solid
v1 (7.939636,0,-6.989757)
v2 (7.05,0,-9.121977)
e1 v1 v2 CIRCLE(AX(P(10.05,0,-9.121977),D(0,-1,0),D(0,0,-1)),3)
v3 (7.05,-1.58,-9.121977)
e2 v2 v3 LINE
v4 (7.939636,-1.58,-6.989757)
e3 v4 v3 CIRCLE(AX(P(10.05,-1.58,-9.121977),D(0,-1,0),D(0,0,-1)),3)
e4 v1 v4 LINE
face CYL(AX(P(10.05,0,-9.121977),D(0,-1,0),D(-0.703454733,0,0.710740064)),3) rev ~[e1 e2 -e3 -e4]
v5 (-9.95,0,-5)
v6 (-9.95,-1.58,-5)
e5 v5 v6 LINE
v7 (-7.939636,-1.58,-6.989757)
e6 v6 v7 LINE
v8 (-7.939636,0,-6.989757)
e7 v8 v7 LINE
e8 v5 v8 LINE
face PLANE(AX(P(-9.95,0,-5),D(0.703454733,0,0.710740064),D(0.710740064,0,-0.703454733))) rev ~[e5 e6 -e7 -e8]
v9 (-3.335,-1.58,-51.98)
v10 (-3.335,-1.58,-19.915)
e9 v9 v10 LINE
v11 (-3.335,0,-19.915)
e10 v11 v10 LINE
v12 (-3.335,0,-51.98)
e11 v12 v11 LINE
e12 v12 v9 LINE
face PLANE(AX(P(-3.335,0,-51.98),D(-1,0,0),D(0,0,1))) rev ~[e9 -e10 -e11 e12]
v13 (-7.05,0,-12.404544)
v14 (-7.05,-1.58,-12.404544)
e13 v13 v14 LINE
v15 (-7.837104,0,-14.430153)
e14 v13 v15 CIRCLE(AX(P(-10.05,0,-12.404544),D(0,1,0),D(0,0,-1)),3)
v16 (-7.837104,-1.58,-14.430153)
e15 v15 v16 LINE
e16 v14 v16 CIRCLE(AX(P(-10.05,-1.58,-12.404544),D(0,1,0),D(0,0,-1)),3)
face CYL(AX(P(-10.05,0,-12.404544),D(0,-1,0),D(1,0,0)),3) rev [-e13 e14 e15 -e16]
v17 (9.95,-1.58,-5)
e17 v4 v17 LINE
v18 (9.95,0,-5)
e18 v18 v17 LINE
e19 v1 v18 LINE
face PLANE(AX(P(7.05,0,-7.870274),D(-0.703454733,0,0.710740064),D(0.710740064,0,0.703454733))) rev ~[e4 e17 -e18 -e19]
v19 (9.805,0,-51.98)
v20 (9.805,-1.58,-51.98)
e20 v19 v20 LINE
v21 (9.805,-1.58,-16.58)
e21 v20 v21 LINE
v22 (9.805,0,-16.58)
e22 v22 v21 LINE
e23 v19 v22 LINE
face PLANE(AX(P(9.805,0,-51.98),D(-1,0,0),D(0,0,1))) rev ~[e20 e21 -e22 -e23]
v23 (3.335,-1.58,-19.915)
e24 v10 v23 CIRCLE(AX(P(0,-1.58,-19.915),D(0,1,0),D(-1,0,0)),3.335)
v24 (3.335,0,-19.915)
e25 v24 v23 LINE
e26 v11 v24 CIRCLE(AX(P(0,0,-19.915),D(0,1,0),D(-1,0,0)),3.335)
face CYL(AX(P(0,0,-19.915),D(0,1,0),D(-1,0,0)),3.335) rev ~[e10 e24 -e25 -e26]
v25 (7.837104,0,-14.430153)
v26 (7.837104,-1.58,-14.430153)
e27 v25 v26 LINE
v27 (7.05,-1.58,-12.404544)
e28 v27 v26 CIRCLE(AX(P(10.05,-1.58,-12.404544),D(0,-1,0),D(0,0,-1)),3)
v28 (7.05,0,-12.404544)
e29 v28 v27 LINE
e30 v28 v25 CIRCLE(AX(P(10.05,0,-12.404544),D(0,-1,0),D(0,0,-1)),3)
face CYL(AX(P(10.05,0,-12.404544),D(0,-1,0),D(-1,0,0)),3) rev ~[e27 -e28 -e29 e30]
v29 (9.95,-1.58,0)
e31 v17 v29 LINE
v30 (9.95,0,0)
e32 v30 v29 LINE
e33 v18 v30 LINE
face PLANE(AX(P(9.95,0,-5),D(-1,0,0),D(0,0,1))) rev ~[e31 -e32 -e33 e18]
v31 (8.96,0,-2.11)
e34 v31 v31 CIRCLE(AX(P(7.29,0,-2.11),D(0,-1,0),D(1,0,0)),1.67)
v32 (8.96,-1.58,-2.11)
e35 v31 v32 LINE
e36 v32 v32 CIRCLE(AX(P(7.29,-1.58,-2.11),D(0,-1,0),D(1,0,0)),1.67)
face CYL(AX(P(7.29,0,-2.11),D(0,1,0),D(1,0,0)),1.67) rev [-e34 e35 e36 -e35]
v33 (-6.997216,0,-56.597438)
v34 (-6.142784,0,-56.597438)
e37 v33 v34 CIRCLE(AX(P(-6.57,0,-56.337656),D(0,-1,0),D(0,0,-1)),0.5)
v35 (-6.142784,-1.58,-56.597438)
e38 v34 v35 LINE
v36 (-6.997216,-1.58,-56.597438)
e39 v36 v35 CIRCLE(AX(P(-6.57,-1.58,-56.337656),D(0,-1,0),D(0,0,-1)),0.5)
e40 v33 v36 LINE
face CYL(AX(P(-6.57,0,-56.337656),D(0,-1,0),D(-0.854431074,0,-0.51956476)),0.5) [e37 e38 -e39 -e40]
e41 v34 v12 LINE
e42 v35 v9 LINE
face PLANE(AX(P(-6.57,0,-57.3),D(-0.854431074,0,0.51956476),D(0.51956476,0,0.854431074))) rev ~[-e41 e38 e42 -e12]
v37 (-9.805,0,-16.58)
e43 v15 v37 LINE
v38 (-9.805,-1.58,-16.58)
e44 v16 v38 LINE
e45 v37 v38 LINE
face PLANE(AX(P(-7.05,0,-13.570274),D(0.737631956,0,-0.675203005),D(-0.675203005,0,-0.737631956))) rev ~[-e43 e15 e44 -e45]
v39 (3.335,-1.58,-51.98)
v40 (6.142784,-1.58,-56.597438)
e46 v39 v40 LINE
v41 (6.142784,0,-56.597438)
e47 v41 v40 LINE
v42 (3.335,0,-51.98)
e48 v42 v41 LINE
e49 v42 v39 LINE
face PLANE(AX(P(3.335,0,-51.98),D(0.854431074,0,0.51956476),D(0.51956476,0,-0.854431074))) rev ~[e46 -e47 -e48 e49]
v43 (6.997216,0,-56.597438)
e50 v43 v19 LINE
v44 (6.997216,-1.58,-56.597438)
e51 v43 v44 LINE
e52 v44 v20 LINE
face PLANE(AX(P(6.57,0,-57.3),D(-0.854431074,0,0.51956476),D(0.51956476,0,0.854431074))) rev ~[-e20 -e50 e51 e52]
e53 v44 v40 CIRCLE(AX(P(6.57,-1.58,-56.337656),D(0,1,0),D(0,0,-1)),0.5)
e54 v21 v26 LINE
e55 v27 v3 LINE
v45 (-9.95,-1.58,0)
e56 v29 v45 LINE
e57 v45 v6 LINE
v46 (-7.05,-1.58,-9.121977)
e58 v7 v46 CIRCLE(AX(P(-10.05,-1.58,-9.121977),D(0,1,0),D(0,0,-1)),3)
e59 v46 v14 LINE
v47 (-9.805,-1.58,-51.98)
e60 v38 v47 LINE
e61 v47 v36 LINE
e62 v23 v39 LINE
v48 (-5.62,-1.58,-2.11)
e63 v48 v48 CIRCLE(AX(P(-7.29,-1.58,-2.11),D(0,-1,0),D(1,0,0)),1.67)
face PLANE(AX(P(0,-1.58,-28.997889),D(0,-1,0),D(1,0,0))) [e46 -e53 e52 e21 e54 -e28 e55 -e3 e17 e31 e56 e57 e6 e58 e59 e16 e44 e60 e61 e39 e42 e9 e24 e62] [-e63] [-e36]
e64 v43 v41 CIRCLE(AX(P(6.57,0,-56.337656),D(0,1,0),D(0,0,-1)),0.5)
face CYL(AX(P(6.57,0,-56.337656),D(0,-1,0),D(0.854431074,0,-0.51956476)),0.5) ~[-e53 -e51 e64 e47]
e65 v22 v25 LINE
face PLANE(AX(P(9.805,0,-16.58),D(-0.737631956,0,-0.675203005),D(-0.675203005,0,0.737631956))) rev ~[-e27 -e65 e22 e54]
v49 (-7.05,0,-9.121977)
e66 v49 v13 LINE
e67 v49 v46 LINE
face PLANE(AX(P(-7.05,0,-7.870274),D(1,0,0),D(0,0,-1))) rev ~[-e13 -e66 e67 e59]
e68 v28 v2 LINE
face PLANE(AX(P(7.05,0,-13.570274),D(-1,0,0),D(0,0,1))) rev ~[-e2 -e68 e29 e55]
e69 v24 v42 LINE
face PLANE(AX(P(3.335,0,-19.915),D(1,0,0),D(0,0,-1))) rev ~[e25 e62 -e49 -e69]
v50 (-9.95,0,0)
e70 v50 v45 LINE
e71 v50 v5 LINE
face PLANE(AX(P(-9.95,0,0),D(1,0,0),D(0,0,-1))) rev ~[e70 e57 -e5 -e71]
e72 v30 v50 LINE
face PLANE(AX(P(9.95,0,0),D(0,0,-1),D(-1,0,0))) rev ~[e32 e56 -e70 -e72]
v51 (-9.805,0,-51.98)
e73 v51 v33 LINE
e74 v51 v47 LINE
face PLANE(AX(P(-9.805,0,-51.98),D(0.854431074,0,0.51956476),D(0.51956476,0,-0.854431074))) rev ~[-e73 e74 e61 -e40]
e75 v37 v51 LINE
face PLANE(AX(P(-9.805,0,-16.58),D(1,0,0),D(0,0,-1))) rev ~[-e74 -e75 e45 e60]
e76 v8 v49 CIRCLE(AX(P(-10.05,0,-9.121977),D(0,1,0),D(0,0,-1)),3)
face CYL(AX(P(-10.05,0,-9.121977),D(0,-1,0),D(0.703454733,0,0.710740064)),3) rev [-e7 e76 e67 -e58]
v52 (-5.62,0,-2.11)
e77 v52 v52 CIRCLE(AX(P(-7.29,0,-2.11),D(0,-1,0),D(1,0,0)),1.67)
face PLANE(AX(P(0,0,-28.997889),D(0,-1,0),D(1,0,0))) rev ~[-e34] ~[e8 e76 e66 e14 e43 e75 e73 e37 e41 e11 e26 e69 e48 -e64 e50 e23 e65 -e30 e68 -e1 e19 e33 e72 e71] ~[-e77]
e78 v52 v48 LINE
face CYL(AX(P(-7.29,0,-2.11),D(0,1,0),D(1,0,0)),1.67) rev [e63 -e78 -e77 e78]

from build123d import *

# Parameters (mm, degrees)
F0_R     = 1.67
F1_DEPTH = 1.58
F2_R     = 3
F3_R     = 0.5


with BuildPart() as f1:
    # F0 (on Front) → F1 (new body)
    with BuildSketch(Plane.XZ):
        with BuildLine():
            Line((9.95, 0), (-9.95, 0))
            Line((-9.95, 0), (-9.95, -5))
            Line((-9.95, -5), (-7.05, -7.870274))
            Line((-7.05, -7.870274), (-7.05, -13.570274))
            Line((-7.05, -13.570274), (-9.805, -16.58))
            Line((-9.805, -16.58), (-9.805, -51.98))
            Line((-9.805, -51.98), (-6.57, -57.3))
            Line((-6.57, -57.3), (-3.335, -51.98))
            Line((-3.335, -51.98), (-3.335, -19.915))
            ThreePointArc((-3.335, -19.915), (0, -16.58), (3.335, -19.915))
            Line((3.335, -19.915), (3.335, -51.98))
            Line((3.335, -51.98), (6.57, -57.3))
            Line((6.57, -57.3), (9.805, -51.98))
            Line((9.805, -51.98), (9.805, -16.58))
            Line((9.805, -16.58), (7.05, -13.570274))
            Line((7.05, -13.570274), (7.05, -7.870274))
            Line((7.05, -7.870274), (9.95, -5))
            Line((9.95, -5), (9.95, 0))
        make_face()
        with Locations((-7.29, -2.11)):
            Circle(F0_R, mode=Mode.SUBTRACT)
        with Locations((7.29, -2.11)):
            Circle(F0_R, mode=Mode.SUBTRACT)
    extrude(amount=F1_DEPTH)

    # F2
    f2_edges = [f1.edges().sort_by_distance(p)[0] for p in [
        (-7.05, -0.79, -7.870274),
        (-7.05, -0.79, -13.570274),
        (7.05, -0.79, -7.870274),
        (7.05, -0.79, -13.570274),
    ]]
    fillet(f2_edges, radius=F2_R)

    # F3
    f3_edges = [f1.edges().sort_by_distance(p)[0] for p in [
        (-6.57, -0.79, -57.3),
        (6.57, -0.79, -57.3),
    ]]
    fillet(f3_edges, radius=F3_R)


solid = f1.part
